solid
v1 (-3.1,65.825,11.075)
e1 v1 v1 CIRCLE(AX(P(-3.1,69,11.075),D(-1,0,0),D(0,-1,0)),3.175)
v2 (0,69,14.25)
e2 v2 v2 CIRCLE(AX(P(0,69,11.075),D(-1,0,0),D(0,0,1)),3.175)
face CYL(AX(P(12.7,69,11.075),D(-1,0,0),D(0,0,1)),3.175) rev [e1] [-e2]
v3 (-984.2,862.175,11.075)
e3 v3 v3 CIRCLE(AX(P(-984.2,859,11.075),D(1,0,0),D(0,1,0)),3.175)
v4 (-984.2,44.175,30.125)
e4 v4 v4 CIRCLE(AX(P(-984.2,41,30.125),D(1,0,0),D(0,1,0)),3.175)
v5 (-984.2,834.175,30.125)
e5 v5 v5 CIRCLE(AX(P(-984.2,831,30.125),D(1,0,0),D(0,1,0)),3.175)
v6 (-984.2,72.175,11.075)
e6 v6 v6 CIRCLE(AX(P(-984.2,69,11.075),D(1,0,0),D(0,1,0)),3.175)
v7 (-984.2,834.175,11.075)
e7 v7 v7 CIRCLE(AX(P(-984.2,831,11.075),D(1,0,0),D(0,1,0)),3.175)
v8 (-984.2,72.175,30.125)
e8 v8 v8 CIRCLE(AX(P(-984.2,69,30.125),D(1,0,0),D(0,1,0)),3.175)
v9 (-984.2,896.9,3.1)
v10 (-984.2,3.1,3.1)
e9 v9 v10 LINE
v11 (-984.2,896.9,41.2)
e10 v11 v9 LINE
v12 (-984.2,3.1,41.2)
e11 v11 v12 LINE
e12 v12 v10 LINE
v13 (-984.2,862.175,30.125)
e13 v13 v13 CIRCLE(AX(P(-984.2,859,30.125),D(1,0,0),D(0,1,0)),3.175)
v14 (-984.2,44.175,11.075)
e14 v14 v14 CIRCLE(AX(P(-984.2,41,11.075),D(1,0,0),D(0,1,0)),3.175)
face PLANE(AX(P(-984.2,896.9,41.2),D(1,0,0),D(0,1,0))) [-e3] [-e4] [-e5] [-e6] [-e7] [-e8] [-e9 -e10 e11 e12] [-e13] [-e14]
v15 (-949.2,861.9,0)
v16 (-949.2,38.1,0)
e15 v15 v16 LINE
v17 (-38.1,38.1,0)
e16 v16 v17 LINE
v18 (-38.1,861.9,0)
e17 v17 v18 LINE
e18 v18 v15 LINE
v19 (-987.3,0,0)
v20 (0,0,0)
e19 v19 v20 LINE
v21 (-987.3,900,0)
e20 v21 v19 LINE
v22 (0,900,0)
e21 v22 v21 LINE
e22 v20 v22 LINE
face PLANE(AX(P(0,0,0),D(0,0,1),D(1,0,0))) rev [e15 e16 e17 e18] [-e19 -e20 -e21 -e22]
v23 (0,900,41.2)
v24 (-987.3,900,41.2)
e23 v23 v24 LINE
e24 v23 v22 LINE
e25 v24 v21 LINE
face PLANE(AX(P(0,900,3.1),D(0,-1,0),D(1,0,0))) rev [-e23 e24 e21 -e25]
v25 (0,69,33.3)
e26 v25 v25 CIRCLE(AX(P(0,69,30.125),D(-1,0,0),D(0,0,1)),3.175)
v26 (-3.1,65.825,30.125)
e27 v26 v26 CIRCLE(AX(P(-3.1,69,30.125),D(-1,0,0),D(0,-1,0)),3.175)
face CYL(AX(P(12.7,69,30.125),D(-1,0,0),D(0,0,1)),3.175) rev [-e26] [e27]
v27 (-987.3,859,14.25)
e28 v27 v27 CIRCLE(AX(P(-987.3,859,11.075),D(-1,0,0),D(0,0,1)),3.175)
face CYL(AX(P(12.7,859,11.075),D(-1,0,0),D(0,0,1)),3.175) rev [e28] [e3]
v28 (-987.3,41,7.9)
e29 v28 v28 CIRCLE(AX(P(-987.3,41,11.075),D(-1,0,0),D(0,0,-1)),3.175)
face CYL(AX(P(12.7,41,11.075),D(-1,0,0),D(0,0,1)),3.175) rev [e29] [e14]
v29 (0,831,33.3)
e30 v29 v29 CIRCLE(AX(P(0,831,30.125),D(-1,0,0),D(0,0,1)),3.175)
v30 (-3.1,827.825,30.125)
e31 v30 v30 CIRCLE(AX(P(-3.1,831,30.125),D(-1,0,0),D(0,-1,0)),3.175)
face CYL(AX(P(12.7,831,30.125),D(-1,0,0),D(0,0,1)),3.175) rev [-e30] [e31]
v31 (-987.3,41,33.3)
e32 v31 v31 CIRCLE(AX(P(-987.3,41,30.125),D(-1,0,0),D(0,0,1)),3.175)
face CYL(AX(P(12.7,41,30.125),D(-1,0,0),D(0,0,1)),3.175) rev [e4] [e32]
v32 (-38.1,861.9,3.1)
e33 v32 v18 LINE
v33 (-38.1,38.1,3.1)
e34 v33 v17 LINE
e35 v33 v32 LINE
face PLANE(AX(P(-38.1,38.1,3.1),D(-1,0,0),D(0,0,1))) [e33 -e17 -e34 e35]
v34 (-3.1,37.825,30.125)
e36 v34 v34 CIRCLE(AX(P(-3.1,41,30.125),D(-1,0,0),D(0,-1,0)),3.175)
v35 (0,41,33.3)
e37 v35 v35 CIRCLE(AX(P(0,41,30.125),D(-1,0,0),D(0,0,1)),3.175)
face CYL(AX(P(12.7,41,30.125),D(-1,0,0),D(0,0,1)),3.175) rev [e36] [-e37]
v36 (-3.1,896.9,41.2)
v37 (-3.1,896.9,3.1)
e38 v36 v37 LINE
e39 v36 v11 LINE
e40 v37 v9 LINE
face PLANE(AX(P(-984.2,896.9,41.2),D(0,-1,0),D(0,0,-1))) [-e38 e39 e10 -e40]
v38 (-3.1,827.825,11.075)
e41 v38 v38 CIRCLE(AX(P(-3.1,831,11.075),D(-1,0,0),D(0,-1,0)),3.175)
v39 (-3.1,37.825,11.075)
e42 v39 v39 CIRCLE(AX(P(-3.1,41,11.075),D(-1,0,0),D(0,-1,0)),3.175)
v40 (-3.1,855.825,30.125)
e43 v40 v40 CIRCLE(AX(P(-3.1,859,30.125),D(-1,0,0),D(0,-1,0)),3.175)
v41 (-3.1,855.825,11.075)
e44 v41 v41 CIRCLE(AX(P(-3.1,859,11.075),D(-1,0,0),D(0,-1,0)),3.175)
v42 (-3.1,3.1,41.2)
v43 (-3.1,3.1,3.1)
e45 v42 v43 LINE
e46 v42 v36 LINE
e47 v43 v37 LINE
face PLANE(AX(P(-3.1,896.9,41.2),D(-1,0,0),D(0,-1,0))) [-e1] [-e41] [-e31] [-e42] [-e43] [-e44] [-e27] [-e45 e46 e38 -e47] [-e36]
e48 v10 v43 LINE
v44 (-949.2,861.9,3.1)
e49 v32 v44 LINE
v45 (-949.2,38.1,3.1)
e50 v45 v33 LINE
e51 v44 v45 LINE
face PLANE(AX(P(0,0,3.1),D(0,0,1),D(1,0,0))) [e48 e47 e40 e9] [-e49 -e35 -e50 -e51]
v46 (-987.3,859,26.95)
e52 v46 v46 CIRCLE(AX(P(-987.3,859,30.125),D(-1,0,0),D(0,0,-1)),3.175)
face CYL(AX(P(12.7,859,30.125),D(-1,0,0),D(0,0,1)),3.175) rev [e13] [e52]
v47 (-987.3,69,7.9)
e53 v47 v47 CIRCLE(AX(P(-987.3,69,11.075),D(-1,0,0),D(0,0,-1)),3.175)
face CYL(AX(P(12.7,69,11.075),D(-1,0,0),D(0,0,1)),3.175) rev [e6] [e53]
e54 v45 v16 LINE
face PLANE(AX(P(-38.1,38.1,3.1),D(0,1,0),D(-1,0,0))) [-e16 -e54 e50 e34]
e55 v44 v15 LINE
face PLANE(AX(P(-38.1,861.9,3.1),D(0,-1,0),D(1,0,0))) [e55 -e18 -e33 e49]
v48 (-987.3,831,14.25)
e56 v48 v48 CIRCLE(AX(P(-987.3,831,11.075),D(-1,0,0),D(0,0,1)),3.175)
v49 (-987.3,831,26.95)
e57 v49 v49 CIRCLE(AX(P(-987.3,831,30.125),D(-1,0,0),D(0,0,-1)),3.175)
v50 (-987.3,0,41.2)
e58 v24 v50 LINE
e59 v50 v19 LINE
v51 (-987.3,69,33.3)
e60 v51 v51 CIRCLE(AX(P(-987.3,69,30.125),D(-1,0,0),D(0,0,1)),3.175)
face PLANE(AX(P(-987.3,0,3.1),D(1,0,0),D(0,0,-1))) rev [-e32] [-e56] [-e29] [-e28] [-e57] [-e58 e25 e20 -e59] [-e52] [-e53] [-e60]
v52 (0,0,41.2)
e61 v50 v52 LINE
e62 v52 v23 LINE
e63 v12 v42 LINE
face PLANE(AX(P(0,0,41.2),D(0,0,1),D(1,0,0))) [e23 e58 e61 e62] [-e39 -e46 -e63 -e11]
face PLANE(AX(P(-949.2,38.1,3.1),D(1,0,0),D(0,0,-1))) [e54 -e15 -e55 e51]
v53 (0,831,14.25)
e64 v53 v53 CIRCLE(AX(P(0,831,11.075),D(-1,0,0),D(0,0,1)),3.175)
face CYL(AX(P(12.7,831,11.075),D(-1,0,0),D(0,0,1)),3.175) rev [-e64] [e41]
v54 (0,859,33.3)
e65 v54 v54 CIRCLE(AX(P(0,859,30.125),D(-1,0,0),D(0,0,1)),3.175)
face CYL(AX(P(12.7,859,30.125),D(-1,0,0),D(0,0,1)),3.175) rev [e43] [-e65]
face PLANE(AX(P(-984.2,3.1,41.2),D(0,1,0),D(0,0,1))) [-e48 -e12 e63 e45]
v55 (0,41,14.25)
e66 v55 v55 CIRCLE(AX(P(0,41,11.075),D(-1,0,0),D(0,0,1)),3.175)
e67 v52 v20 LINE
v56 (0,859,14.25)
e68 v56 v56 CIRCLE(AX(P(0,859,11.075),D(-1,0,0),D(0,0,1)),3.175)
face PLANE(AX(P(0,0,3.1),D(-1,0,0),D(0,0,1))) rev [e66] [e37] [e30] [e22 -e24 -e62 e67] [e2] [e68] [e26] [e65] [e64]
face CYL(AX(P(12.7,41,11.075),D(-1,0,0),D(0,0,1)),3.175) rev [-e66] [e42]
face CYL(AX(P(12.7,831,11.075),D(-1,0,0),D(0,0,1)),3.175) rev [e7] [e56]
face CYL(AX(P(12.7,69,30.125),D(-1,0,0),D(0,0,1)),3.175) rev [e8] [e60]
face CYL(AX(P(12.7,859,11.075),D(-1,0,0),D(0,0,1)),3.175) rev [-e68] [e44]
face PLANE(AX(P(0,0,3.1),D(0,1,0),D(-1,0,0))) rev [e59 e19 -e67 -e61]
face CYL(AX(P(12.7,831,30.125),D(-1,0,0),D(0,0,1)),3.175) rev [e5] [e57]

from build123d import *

# Parameters (mm, degrees)
CROQUIS1_W              = 987.3
CROQUIS1_H              = 900
CROQUIS1_W_2            = 911.1
CROQUIS1_H_2            = 823.8
SALIENTE_EXTRUIR1_DEPTH = 3.1
CROQUIS2_W              = 987.3
CROQUIS2_H              = 900
CROQUIS2_W_2            = 981.1
CROQUIS2_H_2            = 893.8
SALIENTE_EXTRUIR2_DEPTH = 38.1
CROQUIS3_R              = 3.175
CORTAR_EXTRUIR1_DEPTH   = 1000


with BuildPart() as part:
    # Croquis1 → Saliente-Extruir1 (new body)
    with BuildSketch(Plane.XY):
        with Locations((-493.65, 450)):
            Rectangle(CROQUIS1_W, CROQUIS1_H)
        with Locations((-493.65, 450)):
            Rectangle(CROQUIS1_W_2, CROQUIS1_H_2, mode=Mode.SUBTRACT)
    extrude(amount=SALIENTE_EXTRUIR1_DEPTH)

    # Croquis2 → Saliente-Extruir2 (add)
    with BuildSketch(Plane.XY.offset(3.1)):
        with Locations((-493.65, 450)):
            Rectangle(CROQUIS2_W, CROQUIS2_H)
        with Locations((-493.65, 450)):
            Rectangle(CROQUIS2_W_2, CROQUIS2_H_2, mode=Mode.SUBTRACT)
    extrude(amount=SALIENTE_EXTRUIR2_DEPTH)

    # Croquis3 → Cortar-Extruir1 (cut)
    with BuildSketch(Plane.ZY.offset(987.3)):
        with Locations((11.075, 859)):
            Circle(CROQUIS3_R)
        with Locations((11.075, 831)):
            Circle(CROQUIS3_R)
        with Locations((30.125, 859)):
            Circle(CROQUIS3_R)
        with Locations((30.125, 831)):
            Circle(CROQUIS3_R)
        with Locations((30.125, 69)):
            Circle(CROQUIS3_R)
        with Locations((11.075, 69)):
            Circle(CROQUIS3_R)
        with Locations((11.075, 41)):
            Circle(CROQUIS3_R)
        with Locations((30.125, 41)):
            Circle(CROQUIS3_R)
    extrude(amount=-CORTAR_EXTRUIR1_DEPTH, mode=Mode.SUBTRACT)


solid = part.part
